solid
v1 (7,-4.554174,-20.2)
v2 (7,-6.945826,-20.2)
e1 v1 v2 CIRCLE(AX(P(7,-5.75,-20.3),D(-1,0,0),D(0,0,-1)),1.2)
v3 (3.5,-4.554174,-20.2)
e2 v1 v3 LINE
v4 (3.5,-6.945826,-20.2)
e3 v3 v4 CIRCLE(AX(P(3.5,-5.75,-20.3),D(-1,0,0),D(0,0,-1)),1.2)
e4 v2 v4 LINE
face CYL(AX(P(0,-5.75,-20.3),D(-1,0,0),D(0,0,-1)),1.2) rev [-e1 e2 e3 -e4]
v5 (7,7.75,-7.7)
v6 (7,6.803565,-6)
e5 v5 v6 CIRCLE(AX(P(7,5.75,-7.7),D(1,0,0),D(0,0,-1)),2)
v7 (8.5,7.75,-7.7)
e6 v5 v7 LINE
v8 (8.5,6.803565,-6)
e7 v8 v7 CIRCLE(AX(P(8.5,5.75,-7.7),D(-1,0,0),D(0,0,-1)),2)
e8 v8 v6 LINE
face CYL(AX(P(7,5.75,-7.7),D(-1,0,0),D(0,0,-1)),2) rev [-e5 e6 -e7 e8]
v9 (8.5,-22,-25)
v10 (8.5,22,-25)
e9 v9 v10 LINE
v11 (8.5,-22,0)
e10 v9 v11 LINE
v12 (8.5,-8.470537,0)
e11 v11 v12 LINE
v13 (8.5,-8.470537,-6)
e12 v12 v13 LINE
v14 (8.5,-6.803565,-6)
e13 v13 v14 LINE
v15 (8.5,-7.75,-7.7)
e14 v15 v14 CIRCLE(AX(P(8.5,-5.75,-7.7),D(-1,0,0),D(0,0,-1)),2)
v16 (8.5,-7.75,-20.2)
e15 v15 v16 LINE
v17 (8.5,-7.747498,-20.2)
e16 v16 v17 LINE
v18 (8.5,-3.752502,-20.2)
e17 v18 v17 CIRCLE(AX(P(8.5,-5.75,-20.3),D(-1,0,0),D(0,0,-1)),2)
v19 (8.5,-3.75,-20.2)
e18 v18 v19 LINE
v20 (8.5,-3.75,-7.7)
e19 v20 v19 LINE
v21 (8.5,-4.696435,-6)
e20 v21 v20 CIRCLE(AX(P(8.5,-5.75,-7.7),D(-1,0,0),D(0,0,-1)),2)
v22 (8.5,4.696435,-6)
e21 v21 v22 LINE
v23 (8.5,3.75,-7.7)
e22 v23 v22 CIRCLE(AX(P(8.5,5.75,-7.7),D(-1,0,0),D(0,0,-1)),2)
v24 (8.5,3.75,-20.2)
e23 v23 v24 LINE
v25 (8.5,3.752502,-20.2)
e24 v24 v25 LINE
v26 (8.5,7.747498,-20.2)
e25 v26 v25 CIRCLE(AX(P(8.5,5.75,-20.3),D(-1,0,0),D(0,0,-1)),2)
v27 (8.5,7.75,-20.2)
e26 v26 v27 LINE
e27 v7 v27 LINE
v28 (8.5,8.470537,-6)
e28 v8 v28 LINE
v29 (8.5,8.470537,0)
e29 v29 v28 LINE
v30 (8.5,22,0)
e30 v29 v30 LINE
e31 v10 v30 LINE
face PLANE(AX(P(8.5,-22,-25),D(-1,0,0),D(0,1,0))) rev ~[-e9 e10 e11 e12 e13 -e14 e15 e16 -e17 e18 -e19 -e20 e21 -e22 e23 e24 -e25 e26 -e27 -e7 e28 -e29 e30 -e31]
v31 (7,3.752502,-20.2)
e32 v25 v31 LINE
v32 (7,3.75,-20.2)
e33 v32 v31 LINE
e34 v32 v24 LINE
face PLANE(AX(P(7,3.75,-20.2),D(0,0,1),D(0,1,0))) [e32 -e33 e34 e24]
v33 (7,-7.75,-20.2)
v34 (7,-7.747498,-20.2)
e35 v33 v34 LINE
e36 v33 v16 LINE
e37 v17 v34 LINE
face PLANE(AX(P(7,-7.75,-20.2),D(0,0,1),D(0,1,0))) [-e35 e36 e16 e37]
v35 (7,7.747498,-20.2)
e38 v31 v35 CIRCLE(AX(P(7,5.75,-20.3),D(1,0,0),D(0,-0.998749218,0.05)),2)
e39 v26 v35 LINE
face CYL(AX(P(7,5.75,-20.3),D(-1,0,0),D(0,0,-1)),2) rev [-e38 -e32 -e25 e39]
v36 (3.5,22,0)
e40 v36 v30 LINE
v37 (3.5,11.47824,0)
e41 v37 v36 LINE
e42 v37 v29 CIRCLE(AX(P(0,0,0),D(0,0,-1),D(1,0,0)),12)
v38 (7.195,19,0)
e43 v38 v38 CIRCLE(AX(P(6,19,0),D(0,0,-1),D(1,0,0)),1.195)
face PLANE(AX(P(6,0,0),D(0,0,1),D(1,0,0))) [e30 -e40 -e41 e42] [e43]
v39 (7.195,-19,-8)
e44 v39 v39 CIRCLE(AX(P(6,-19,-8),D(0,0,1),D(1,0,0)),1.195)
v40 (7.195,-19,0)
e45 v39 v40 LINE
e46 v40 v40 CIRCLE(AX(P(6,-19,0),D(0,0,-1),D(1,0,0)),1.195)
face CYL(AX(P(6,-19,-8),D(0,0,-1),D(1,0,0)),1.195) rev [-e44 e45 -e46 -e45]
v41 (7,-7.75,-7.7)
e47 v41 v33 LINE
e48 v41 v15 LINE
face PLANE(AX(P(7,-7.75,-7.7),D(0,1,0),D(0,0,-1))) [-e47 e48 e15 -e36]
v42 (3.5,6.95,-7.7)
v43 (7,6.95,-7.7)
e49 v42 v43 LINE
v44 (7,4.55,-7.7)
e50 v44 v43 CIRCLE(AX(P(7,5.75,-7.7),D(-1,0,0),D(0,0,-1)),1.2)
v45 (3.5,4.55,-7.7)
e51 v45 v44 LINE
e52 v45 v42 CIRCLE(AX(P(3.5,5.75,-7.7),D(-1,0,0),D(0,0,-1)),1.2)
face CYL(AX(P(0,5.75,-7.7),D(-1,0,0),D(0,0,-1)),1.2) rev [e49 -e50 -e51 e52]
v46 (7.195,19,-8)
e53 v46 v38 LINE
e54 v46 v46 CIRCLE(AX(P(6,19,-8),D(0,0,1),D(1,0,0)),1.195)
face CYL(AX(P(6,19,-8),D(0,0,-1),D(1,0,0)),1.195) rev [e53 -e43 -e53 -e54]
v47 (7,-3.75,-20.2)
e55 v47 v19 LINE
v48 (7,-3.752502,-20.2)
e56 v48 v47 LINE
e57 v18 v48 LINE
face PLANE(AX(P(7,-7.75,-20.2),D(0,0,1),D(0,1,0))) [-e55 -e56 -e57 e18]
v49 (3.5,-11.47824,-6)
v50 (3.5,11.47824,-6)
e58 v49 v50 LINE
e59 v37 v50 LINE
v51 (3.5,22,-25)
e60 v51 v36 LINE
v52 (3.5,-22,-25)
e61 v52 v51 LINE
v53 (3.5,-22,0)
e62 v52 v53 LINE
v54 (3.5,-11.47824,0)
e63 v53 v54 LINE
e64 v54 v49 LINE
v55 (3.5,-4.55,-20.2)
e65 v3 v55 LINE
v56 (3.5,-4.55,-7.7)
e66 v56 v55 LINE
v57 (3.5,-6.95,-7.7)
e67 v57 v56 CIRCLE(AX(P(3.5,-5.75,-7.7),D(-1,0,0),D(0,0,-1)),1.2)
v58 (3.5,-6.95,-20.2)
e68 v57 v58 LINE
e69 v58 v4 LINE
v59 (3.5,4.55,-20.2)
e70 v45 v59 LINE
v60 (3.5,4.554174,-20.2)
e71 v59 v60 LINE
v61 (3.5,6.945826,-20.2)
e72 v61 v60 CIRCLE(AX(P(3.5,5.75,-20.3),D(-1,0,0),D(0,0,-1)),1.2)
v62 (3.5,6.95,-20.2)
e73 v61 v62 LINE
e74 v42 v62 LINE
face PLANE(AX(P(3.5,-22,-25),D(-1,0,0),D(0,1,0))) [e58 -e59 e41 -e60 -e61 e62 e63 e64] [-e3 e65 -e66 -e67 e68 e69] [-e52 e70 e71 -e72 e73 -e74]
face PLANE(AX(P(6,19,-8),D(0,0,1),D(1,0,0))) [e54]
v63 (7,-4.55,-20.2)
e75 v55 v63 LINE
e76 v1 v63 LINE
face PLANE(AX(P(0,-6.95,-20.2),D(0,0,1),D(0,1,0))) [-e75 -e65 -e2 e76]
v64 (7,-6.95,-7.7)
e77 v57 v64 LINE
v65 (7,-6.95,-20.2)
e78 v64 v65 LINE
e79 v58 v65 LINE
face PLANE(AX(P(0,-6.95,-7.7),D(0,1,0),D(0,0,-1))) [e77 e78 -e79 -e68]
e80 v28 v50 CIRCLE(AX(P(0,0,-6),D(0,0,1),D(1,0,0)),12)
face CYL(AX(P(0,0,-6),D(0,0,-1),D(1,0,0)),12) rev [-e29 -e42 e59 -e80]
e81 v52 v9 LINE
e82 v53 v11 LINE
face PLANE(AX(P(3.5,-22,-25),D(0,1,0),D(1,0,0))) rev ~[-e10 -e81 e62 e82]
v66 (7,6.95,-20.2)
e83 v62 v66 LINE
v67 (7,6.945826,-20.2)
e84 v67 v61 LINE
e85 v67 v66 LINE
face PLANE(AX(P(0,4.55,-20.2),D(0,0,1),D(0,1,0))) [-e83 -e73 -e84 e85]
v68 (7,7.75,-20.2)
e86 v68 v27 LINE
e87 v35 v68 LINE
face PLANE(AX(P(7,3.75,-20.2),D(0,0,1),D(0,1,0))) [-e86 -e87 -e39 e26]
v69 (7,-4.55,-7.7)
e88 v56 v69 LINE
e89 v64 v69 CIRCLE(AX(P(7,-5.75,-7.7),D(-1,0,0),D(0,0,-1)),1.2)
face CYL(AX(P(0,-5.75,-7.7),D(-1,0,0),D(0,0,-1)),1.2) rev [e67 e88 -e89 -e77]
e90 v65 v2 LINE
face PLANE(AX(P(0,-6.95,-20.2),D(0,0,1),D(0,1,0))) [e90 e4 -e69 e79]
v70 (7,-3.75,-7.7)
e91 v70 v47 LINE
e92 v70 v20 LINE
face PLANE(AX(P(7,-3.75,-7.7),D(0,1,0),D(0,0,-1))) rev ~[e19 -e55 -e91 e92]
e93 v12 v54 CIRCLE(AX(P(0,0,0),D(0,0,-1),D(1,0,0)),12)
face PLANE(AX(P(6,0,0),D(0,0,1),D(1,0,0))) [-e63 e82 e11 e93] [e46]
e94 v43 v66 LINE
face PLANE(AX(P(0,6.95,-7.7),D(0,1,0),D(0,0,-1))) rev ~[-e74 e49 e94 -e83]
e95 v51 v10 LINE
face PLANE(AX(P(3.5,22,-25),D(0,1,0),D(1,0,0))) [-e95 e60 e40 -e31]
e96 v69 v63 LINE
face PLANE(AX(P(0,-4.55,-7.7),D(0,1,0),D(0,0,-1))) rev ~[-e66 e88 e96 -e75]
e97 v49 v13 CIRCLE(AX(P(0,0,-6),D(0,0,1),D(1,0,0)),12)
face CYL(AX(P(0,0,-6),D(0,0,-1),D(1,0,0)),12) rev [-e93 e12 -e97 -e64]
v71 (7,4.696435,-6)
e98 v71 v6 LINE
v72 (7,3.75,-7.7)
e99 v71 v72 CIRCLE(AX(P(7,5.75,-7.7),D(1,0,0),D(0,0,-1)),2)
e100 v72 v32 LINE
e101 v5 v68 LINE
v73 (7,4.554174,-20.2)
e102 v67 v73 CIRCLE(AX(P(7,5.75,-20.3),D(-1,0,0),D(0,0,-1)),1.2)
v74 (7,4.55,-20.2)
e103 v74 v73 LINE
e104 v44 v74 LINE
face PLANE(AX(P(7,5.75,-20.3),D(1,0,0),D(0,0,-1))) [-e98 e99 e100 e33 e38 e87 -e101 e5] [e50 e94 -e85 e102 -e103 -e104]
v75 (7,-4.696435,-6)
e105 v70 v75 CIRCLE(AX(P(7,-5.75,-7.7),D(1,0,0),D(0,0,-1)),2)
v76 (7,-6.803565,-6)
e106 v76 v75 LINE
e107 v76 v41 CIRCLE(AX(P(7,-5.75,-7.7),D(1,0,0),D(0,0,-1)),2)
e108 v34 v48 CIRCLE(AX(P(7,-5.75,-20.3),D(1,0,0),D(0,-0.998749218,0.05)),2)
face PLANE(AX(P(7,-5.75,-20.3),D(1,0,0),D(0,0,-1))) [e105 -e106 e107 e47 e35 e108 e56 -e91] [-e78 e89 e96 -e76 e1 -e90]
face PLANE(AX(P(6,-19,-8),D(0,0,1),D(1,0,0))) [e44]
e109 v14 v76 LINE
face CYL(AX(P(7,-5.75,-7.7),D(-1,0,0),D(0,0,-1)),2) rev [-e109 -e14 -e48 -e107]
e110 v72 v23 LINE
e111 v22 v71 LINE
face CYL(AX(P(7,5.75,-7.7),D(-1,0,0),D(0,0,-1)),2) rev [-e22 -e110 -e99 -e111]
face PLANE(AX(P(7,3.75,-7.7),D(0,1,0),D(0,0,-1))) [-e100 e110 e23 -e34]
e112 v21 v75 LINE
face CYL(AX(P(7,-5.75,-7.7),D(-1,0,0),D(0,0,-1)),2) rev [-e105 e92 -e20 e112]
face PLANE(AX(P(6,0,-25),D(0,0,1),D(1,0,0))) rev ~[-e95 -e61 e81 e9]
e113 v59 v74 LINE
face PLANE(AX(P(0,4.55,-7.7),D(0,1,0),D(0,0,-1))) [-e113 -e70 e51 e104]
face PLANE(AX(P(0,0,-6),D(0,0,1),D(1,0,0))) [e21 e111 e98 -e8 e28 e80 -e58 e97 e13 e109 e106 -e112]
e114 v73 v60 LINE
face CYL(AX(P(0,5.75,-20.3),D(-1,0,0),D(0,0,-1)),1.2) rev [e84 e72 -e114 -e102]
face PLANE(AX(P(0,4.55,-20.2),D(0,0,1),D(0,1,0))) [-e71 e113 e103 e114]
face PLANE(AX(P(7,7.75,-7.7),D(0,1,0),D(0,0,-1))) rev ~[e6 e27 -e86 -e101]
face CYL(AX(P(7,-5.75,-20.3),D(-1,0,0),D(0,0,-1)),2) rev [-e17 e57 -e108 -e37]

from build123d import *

# Parameters (mm, degrees)
CYLINDER014_R             = 2
CYLINDER014_DEPTH         = 1.6
CYLINDER015_R             = 2
CYLINDER015_DEPTH         = 1.6
BOX003_W                  = 12.5
BOX003_H                  = 4
BOX003_DEPTH              = 1.6
FUSION006_PLACEMENT_ANGLE = 90
CYLINDER016_R             = 2
CYLINDER016_DEPTH         = 1.6
CYLINDER017_R             = 2
CYLINDER017_DEPTH         = 1.6
BOX004_W                  = 12.5
BOX004_H                  = 4
BOX004_DEPTH              = 1.6
FUSION007_PLACEMENT_ANGLE = 90
CYLINDER007_R             = 1.195
CYLINDER007_DEPTH         = 10
CYLINDER006_R             = 1.195
CYLINDER006_DEPTH         = 10
CYLINDER005_R             = 12
CYLINDER005_DEPTH         = 17
CYLINDER001_R             = 1.2
CYLINDER001_DEPTH         = 10
CYLINDER002_R             = 1.2
CYLINDER002_DEPTH         = 10
BOX001_W                  = 12.5
BOX001_H                  = 2.4
BOX001_DEPTH              = 10
FUSION_PLACEMENT_ANGLE    = 90
CYLINDER003_R             = 1.2
CYLINDER003_DEPTH         = 10
CYLINDER004_R             = 1.2
CYLINDER004_DEPTH         = 10
BOX002_W                  = 12.5
BOX002_H                  = 2.4
BOX002_DEPTH              = 10
FUSION001_PLACEMENT_ANGLE = 90
BOX_W                     = 5
BOX_H                     = 44
BOX_DEPTH                 = 25


with BuildPart() as cylinder014:
    # Cylinder014 → Cylinder014 (new body)
    with BuildSketch(Plane.XY):
        Circle(CYLINDER014_R)
    extrude(amount=CYLINDER014_DEPTH)


with BuildPart() as cylinder015:
    # Cylinder015 → Cylinder015 (new body)
    with BuildSketch(Plane(origin=(12.6, 0, 0), x_dir=(1, 0, 0), z_dir=(0, 0, 1))):
        Circle(CYLINDER015_R)
    extrude(amount=CYLINDER015_DEPTH)


with BuildPart() as langloch002:
    # Box003 → Box003 (new body)
    with BuildSketch(Plane(origin=(0, -2, 0), x_dir=(1, 0, 0), z_dir=(0, 0, 1))):
        with Locations((6.25, 2)):
            Rectangle(BOX003_W, BOX003_H)
    extrude(amount=BOX003_DEPTH)

    # Fusion006: union Cylinder014, Cylinder015
    add(cylinder014.part)
    add(cylinder015.part)


with BuildPart() as langloch002_1:
    # Fusion006 placement: moved
    add(langloch002.part.moved(Location((7, -5.75, -7.7))).rotate(Axis((7, -5.75, -7.7), (0, 1, 0)), FUSION006_PLACEMENT_ANGLE))


with BuildPart() as cylinder016:
    # Cylinder016 → Cylinder016 (new body)
    with BuildSketch(Plane.XY):
        Circle(CYLINDER016_R)
    extrude(amount=CYLINDER016_DEPTH)


with BuildPart() as cylinder017:
    # Cylinder017 → Cylinder017 (new body)
    with BuildSketch(Plane(origin=(12.6, 0, 0), x_dir=(1, 0, 0), z_dir=(0, 0, 1))):
        Circle(CYLINDER017_R)
    extrude(amount=CYLINDER017_DEPTH)


with BuildPart() as fusion008:
    # Box004 → Box004 (new body)
    with BuildSketch(Plane(origin=(0, -2, 0), x_dir=(1, 0, 0), z_dir=(0, 0, 1))):
        with Locations((6.25, 2)):
            Rectangle(BOX004_W, BOX004_H)
    extrude(amount=BOX004_DEPTH)

    # Fusion007: union Cylinder016, Cylinder017
    add(cylinder016.part)
    add(cylinder017.part)


with BuildPart() as fusion008_1:
    # Fusion007 placement: moved
    add(fusion008.part.moved(Location((7, 5.75, -7.7))).rotate(Axis((7, 5.75, -7.7), (0, 1, 0)), FUSION007_PLACEMENT_ANGLE))

    # Fusion008: union Langloch002
    add(langloch002_1.part)


with BuildPart() as cylinder007:
    # Cylinder007 → Cylinder007 (new body)
    with BuildSketch(Plane(origin=(6, -19, -8), x_dir=(1, 0, 0), z_dir=(0, 0, 1))):
        Circle(CYLINDER007_R)
    extrude(amount=CYLINDER007_DEPTH)


with BuildPart() as fusion003:
    # Cylinder006 → Cylinder006 (new body)
    with BuildSketch(Plane(origin=(6, 19, -8), x_dir=(1, 0, 0), z_dir=(0, 0, 1))):
        Circle(CYLINDER006_R)
    extrude(amount=CYLINDER006_DEPTH)

    # Fusion003: union Cylinder007
    add(cylinder007.part)


with BuildPart() as cylinder005:
    # Cylinder005 → Cylinder005 (new body)
    with BuildSketch(Plane.XY.offset(-6)):
        Circle(CYLINDER005_R)
    extrude(amount=CYLINDER005_DEPTH)


with BuildPart() as cylinder001:
    # Cylinder001 → Cylinder001 (new body)
    with BuildSketch(Plane.XY):
        Circle(CYLINDER001_R)
    extrude(amount=CYLINDER001_DEPTH)


with BuildPart() as cylinder002:
    # Cylinder002 → Cylinder002 (new body)
    with BuildSketch(Plane(origin=(12.6, 0, 0), x_dir=(1, 0, 0), z_dir=(0, 0, 1))):
        Circle(CYLINDER002_R)
    extrude(amount=CYLINDER002_DEPTH)


with BuildPart() as langloch:
    # Box001 → Box001 (new body)
    with BuildSketch(Plane(origin=(0, -1.2, 0), x_dir=(1, 0, 0), z_dir=(0, 0, 1))):
        with Locations((6.25, 1.2)):
            Rectangle(BOX001_W, BOX001_H)
    extrude(amount=BOX001_DEPTH)

    # Fusion: union Cylinder001, Cylinder002
    add(cylinder001.part)
    add(cylinder002.part)


with BuildPart() as langloch_1:
    # Fusion placement: moved
    add(langloch.part.moved(Location((0, 5.75, -7.7))).rotate(Axis((0, 5.75, -7.7), (0, 1, 0)), FUSION_PLACEMENT_ANGLE))


with BuildPart() as cylinder003:
    # Cylinder003 → Cylinder003 (new body)
    with BuildSketch(Plane.XY):
        Circle(CYLINDER003_R)
    extrude(amount=CYLINDER003_DEPTH)


with BuildPart() as cylinder004:
    # Cylinder004 → Cylinder004 (new body)
    with BuildSketch(Plane(origin=(12.6, 0, 0), x_dir=(1, 0, 0), z_dir=(0, 0, 1))):
        Circle(CYLINDER004_R)
    extrude(amount=CYLINDER004_DEPTH)


with BuildPart() as fusion002:
    # Box002 → Box002 (new body)
    with BuildSketch(Plane(origin=(0, -1.2, 0), x_dir=(1, 0, 0), z_dir=(0, 0, 1))):
        with Locations((6.25, 1.2)):
            Rectangle(BOX002_W, BOX002_H)
    extrude(amount=BOX002_DEPTH)

    # Fusion001: union Cylinder003, Cylinder004
    add(cylinder003.part)
    add(cylinder004.part)


with BuildPart() as fusion002_1:
    # Fusion001 placement: moved
    add(fusion002.part.moved(Location((0, -5.75, -7.7))).rotate(Axis((0, -5.75, -7.7), (0, 1, 0)), FUSION001_PLACEMENT_ANGLE))

    # Fusion002: union Langloch
    add(langloch_1.part)


with BuildPart() as kickeraligner:
    # Box → Box (new body)
    with BuildSketch(Plane(origin=(3.5, -22, -25), x_dir=(1, 0, 0), z_dir=(0, 0, 1))):
        with Locations((2.5, 22)):
            Rectangle(BOX_W, BOX_H)
    extrude(amount=BOX_DEPTH)

    # Cut001: cut Fusion002
    add(fusion002_1.part, mode=Mode.SUBTRACT)

    # Cut002: cut Cylinder005
    add(cylinder005.part, mode=Mode.SUBTRACT)

    # Cut003: cut Fusion003
    add(fusion003.part, mode=Mode.SUBTRACT)

    # Cut006: cut Fusion008
    add(fusion008_1.part, mode=Mode.SUBTRACT)


solid = kickeraligner.part
